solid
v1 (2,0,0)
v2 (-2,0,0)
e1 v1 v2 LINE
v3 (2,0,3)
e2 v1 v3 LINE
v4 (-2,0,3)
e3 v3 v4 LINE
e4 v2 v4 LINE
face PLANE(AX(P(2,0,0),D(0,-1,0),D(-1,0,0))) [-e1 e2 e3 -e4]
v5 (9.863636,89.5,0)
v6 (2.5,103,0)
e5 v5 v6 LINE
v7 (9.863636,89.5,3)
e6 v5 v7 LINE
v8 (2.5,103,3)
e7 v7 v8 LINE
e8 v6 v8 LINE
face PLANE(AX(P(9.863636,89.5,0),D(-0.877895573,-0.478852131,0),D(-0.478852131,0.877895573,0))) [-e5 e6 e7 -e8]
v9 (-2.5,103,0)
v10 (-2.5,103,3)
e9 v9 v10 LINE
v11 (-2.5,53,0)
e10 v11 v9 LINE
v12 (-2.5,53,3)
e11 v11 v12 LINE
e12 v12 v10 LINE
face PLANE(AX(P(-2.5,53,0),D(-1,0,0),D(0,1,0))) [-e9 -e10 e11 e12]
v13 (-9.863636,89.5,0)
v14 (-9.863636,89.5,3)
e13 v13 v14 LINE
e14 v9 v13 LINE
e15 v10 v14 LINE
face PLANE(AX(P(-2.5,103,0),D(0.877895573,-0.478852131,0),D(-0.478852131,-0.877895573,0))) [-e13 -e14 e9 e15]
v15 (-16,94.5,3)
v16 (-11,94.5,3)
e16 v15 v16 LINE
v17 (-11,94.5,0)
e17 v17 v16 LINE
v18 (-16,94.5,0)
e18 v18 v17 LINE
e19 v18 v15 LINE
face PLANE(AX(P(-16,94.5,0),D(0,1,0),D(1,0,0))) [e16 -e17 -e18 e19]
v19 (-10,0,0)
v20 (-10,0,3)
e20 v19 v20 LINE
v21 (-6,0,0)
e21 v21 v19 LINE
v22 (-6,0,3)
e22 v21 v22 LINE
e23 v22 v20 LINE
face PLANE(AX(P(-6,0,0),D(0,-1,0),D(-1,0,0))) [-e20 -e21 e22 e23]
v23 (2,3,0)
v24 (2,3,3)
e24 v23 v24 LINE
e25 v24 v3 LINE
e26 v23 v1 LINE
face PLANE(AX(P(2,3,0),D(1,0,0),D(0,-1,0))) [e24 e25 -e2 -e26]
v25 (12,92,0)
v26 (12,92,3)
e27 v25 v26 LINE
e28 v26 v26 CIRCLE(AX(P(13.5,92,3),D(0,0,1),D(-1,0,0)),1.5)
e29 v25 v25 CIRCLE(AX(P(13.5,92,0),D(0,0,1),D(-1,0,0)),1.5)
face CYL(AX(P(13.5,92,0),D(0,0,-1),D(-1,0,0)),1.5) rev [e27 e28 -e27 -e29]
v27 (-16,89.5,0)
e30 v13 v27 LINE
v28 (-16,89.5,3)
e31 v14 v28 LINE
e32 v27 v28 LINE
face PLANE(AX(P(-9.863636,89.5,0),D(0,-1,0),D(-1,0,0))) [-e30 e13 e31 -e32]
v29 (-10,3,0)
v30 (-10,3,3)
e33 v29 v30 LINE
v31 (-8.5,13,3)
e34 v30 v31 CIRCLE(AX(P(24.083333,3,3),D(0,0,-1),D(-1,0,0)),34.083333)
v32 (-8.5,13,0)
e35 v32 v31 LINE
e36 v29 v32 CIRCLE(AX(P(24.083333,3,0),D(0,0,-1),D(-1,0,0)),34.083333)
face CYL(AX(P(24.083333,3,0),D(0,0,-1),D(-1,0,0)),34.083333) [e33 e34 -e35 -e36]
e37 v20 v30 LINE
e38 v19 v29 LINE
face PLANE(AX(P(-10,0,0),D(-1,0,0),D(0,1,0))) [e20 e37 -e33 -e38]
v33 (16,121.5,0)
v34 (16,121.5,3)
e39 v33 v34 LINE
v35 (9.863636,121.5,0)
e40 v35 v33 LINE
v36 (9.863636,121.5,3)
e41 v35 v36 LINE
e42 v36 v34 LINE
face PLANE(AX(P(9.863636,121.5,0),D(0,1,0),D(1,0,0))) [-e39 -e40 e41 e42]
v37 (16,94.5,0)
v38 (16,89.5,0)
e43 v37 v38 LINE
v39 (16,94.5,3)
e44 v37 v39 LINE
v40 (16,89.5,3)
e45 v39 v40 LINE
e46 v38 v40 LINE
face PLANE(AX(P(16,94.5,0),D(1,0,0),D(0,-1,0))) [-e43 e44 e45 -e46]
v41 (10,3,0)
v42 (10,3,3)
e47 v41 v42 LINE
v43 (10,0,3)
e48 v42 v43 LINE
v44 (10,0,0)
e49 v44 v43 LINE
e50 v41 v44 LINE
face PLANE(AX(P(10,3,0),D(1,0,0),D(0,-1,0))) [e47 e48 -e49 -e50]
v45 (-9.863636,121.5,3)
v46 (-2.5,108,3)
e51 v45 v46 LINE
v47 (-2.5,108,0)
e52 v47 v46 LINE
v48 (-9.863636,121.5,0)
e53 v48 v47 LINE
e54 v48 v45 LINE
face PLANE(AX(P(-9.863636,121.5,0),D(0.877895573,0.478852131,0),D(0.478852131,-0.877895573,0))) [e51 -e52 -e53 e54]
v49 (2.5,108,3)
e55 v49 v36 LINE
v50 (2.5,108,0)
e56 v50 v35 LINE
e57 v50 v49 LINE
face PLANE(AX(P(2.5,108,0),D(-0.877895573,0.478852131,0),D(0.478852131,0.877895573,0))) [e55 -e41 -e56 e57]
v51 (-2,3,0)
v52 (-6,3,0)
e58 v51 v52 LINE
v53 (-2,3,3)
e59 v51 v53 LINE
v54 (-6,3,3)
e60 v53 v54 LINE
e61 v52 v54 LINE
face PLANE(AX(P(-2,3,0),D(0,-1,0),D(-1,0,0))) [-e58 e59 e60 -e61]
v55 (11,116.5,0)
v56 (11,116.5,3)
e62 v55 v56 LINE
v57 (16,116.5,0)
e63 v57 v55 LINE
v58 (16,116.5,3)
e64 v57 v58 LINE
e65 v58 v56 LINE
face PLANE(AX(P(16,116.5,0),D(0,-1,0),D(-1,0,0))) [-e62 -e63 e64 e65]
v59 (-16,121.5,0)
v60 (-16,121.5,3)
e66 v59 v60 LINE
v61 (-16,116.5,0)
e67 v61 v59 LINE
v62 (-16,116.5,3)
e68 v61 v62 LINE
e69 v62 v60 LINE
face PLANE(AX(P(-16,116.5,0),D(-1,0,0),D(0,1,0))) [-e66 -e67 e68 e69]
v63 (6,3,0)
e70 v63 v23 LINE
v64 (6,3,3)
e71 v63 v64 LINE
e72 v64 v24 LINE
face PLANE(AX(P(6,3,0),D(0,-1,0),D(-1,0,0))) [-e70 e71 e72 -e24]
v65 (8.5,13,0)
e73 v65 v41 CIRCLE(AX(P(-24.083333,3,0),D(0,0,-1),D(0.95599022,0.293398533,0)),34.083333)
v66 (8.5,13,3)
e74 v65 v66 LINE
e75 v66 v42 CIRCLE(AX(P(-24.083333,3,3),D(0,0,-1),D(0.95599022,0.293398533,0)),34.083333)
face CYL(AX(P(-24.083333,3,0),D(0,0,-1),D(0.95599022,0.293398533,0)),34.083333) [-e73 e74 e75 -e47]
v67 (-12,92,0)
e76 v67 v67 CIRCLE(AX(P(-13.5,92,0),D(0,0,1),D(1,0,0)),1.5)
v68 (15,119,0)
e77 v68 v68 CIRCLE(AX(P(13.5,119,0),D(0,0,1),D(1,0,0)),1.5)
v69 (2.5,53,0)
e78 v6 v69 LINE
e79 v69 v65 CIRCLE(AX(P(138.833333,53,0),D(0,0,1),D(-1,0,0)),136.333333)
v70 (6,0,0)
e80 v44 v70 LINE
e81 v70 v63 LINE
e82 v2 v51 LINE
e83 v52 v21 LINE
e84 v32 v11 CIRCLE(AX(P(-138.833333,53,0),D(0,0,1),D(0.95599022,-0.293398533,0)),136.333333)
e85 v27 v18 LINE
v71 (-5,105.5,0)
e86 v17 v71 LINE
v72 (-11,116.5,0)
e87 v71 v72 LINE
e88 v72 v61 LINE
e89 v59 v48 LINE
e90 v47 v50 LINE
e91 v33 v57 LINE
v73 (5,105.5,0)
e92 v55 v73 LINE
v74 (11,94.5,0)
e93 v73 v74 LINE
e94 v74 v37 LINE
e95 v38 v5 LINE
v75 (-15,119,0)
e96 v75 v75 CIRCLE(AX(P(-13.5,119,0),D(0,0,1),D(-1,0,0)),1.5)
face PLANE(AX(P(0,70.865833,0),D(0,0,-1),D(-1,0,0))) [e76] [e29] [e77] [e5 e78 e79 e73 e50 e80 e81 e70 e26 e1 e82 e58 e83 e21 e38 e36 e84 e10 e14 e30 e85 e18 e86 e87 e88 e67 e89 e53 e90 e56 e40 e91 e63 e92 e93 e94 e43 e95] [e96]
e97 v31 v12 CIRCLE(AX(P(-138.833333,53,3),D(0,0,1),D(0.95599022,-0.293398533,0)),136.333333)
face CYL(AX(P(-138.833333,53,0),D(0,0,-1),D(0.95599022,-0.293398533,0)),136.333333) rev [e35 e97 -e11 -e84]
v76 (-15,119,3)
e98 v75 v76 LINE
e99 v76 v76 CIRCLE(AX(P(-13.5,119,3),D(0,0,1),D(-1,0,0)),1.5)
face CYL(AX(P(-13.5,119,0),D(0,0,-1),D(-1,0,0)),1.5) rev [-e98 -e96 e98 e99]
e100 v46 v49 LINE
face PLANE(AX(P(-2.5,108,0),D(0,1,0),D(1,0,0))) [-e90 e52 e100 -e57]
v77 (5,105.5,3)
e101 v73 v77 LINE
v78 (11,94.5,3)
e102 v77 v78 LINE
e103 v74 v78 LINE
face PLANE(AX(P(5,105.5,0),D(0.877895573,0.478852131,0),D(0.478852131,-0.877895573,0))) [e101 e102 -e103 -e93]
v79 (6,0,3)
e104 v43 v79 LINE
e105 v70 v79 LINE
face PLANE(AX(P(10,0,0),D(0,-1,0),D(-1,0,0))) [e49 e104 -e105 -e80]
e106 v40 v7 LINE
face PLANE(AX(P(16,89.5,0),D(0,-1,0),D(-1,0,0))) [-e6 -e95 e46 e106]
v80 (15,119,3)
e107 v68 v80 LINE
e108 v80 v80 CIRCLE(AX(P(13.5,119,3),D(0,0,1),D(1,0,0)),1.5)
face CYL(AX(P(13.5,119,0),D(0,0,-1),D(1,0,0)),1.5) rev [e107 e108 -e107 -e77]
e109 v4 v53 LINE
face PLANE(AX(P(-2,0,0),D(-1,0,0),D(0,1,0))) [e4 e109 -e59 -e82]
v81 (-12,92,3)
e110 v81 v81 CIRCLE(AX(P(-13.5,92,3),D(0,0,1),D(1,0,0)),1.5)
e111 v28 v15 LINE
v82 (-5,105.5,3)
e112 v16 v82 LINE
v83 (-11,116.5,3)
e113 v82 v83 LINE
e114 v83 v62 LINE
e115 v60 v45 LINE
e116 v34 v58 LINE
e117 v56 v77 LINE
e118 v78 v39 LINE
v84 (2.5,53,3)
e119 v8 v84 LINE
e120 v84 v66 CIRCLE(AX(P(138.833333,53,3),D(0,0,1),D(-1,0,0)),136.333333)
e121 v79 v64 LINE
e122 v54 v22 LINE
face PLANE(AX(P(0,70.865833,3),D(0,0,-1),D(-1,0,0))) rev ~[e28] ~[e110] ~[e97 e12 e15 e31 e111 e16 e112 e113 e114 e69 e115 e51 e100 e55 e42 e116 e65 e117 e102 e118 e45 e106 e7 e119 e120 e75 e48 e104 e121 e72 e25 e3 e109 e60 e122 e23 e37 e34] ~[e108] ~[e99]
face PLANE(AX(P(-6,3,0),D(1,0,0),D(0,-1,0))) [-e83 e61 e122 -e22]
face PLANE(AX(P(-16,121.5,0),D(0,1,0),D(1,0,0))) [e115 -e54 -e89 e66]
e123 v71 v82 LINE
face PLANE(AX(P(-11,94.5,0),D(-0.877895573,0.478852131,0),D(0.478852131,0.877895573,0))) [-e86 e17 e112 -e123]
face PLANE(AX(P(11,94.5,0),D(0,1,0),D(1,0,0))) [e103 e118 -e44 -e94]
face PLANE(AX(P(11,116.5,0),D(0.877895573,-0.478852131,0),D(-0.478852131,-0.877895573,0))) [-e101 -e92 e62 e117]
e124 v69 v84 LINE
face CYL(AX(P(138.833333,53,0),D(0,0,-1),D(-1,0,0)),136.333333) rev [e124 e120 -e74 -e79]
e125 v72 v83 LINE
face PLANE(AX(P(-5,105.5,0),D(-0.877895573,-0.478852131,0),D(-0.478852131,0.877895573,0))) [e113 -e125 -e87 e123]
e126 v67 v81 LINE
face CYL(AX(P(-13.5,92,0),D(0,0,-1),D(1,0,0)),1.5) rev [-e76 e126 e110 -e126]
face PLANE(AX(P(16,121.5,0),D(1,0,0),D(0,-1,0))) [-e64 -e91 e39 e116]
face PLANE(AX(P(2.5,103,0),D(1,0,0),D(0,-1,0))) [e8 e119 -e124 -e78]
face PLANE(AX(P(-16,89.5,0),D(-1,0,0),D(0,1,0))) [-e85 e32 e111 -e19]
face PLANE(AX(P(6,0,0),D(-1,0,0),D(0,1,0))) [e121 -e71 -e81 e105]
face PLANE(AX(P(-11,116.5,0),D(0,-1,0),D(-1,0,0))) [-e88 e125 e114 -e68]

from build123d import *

# Parameters (mm, degrees)
SKETCH1_R           = 1.5
BOSS_EXTRUDE1_DEPTH = 3


with BuildPart() as part:
    # Sketch1 → Boss-Extrude1 (new body)
    with BuildSketch(Plane.XY):
        with BuildLine():
            Line((-10, 0), (-10, 3))
            ThreePointArc((-10, 3), (-9.622914027, 8.055937104), (-8.5, 13))
            ThreePointArc((-8.5, 13), (-4.008343892, 32.776251584), (-2.5, 53))
            Line((-2.5, 53), (-2.5, 103))
            Line((-2.5, 103), (-9.863636364, 89.5))
            Line((-9.863636364, 89.5), (-16, 89.5))
            Line((-16, 89.5), (-16, 94.5))
            Line((-16, 94.5), (-11, 94.5))
            Line((-11, 94.5), (-5, 105.5))
            Line((-5, 105.5), (-11, 116.5))
            Line((-11, 116.5), (-16, 116.5))
            Line((-16, 116.5), (-16, 121.5))
            Line((-16, 121.5), (-9.863636364, 121.5))
            Line((-9.863636364, 121.5), (-2.5, 108))
            Line((-2.5, 108), (2.5, 108))
            Line((2.5, 108), (9.863636364, 121.5))
            Line((9.863636364, 121.5), (16, 121.5))
            Line((16, 121.5), (16, 116.5))
            Line((16, 116.5), (11, 116.5))
            Line((11, 116.5), (5, 105.5))
            Line((5, 105.5), (11, 94.5))
            Line((11, 94.5), (16, 94.5))
            Line((16, 94.5), (16, 89.5))
            Line((16, 89.5), (9.863636364, 89.5))
            Line((9.863636364, 89.5), (2.5, 103))
            Line((2.5, 103), (2.5, 53))
            ThreePointArc((2.5, 53), (4.008343892, 32.776251584), (8.5, 13))
            ThreePointArc((8.5, 13), (9.622914027, 8.055937104), (10, 3))
            Line((10, 3), (10, 0))
            Line((10, 0), (6, 0))
            Line((6, 0), (6, 3))
            Line((6, 3), (2, 3))
            Line((2, 3), (2, 0))
            Line((2, 0), (-2, 0))
            Line((-2, 0), (-2, 3))
            Line((-2, 3), (-6, 3))
            Line((-6, 3), (-6, 0))
            Line((-6, 0), (-10, 0))
        make_face()
        with Locations((-13.5, 92)):
            Circle(SKETCH1_R, mode=Mode.SUBTRACT)
        with Locations(Location((13.5, 92, 0), (0, 0, 180))):
            Circle(SKETCH1_R, mode=Mode.SUBTRACT)
        with Locations((13.5, 119)):
            Circle(SKETCH1_R, mode=Mode.SUBTRACT)
        with Locations(Location((-13.5, 119, 0), (0, 0, 180))):
            Circle(SKETCH1_R, mode=Mode.SUBTRACT)
    extrude(amount=BOSS_EXTRUDE1_DEPTH)


solid = part.part
